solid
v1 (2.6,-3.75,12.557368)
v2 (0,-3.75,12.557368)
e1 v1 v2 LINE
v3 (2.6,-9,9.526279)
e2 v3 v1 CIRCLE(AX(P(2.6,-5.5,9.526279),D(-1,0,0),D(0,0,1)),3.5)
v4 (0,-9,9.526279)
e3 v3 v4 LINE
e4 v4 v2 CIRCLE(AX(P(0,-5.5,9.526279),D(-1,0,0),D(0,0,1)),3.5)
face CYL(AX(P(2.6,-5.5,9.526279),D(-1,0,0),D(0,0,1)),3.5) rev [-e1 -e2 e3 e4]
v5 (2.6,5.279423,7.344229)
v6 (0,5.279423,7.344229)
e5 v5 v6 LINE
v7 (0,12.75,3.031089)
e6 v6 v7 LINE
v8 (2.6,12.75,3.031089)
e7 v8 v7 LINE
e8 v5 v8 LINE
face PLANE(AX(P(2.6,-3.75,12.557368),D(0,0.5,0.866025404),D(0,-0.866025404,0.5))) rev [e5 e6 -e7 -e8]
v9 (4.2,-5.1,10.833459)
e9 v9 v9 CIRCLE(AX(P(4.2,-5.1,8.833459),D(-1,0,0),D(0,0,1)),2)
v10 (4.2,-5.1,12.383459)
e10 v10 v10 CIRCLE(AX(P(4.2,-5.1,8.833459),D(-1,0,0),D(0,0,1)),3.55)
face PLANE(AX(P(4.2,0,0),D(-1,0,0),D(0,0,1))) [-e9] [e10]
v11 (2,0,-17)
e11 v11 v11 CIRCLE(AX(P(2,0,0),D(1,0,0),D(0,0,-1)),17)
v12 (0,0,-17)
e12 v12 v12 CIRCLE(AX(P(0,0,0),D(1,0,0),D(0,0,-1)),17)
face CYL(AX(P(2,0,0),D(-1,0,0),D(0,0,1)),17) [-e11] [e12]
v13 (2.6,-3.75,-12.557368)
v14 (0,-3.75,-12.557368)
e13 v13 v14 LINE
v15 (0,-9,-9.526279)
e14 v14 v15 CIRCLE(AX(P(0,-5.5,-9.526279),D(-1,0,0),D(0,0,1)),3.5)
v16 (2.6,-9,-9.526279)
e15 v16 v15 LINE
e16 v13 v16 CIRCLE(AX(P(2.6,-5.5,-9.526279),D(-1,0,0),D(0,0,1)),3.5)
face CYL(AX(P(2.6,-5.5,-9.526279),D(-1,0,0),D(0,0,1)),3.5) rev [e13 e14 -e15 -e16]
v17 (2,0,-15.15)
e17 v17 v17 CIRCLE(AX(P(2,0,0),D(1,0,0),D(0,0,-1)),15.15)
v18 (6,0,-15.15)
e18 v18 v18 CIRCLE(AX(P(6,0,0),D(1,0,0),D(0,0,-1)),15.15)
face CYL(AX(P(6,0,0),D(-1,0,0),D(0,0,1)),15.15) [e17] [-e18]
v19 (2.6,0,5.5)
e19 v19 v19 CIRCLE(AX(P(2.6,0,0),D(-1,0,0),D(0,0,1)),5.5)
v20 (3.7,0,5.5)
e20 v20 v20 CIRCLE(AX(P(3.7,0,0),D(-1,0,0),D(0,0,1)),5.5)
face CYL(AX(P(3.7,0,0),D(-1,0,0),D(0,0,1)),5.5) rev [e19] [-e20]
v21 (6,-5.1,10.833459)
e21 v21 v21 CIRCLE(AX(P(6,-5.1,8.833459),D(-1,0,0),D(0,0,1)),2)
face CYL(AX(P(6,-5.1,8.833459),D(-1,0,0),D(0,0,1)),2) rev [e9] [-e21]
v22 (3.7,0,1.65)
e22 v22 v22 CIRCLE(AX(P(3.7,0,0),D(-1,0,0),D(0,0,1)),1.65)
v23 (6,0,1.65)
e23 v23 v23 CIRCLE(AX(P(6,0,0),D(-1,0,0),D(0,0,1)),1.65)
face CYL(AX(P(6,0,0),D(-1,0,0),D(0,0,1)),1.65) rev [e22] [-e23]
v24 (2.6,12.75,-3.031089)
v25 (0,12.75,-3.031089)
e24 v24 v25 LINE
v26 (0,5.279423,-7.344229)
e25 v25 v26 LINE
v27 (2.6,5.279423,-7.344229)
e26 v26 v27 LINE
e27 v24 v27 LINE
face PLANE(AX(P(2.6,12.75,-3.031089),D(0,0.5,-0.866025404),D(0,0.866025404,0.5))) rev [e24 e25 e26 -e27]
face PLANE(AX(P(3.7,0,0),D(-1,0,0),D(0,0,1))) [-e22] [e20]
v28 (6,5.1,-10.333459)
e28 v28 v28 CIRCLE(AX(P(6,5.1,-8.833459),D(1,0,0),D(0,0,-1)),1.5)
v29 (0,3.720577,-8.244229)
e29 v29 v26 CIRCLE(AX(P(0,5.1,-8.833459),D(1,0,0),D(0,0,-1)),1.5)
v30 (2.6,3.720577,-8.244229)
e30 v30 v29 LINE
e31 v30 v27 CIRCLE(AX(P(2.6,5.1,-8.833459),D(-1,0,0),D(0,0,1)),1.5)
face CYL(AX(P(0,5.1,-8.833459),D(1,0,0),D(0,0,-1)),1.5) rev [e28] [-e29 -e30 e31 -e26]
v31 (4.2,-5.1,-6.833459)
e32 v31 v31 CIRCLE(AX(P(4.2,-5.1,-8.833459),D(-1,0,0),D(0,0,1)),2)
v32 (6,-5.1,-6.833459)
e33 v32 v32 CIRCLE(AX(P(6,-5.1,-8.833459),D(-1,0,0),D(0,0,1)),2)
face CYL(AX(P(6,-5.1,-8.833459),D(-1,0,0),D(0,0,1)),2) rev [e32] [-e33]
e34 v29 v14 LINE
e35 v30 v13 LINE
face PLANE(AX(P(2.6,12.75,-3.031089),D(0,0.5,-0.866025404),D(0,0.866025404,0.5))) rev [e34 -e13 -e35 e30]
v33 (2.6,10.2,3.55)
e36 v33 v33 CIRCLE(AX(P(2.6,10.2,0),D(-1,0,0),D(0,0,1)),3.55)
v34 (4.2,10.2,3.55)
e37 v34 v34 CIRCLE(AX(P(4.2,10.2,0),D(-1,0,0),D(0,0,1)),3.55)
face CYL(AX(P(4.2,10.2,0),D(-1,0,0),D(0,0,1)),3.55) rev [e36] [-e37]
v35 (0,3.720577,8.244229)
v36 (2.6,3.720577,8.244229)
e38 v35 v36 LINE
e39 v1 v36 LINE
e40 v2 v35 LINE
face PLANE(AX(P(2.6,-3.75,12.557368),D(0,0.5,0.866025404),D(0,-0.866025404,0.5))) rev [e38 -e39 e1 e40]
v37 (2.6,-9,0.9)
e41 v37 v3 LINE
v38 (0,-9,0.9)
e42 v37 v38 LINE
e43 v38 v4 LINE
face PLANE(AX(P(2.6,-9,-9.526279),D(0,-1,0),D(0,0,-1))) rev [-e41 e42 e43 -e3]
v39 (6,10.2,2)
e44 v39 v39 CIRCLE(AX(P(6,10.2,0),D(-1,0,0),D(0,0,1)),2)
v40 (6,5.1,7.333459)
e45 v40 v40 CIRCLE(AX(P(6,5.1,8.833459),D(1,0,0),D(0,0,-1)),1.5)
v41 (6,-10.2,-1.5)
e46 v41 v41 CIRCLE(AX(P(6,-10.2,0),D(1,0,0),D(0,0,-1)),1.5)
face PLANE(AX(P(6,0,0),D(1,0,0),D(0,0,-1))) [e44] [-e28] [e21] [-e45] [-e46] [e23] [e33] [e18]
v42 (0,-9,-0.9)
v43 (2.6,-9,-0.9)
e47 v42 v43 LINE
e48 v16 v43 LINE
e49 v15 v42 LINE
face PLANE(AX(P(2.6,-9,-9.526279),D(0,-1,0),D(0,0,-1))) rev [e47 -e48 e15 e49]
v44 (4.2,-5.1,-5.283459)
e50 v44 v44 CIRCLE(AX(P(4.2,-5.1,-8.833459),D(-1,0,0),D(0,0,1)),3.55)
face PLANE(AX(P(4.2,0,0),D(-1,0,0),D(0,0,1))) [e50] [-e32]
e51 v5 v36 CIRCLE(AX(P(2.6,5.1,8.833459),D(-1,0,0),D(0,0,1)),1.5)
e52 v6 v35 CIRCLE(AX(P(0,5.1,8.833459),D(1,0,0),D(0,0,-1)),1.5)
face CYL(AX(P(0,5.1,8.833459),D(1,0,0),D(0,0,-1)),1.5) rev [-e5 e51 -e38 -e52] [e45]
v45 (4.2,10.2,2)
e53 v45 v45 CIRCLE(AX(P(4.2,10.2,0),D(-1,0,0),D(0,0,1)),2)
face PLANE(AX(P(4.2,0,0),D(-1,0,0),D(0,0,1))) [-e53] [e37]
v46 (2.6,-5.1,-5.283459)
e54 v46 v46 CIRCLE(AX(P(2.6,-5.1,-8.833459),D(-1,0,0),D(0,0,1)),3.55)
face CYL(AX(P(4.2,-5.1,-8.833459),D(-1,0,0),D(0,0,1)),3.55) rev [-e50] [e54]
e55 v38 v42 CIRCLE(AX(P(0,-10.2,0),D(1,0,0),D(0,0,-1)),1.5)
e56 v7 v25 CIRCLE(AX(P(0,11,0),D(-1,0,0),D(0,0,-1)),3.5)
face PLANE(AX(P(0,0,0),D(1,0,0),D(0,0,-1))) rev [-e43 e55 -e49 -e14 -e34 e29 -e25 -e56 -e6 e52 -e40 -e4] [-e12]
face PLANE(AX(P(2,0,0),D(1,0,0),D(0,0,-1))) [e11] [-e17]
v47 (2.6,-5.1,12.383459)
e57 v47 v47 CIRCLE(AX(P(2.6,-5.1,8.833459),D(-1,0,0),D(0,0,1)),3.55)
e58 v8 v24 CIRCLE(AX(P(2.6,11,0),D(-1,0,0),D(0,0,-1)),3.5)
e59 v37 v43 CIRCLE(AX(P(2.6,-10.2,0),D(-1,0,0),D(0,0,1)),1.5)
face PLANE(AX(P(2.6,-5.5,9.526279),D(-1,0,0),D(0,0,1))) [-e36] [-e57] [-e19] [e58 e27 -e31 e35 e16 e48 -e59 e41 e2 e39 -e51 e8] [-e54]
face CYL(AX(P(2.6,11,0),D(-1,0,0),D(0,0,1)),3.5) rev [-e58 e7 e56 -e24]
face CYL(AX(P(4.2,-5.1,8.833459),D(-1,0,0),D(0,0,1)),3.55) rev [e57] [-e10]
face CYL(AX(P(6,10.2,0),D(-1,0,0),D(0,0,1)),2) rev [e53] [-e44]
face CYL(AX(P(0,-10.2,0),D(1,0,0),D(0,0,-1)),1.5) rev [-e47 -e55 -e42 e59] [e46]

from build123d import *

# Parameters (mm, degrees)
SKETCH_4_R          = 17
EXTRUDE_2_DEPTH     = 2
SKETCH_5_R          = 15.15
EXTRUDE_3_DEPTH     = 4
CUT_EXTRUDE_1_DEPTH = 2.6
SKETCH_7_R          = 3.55
CUT_EXTRUDE_2_DEPTH = 1.6
SKETCH_8_R          = 2
CUT_EXTRUDE_3_DEPTH = 25.280856657
SKETCH_9_R          = 5.5
CUT_EXTRUDE_4_DEPTH = 1.1
SKETCH_11_R         = 1.65
CUT_EXTRUDE_5_DEPTH = 25.324678826
SKETCH_13_R         = 1.5
CUT_EXTRUDE_6_DEPTH = 25.779023387


with BuildPart() as part:
    # 草图4 → 凸台-拉伸2 (new body)
    with BuildSketch(Plane(origin=(0, 0, 0), x_dir=(0, 0, -1), z_dir=(1, 0, 0))):
        Circle(SKETCH_4_R)
    extrude(amount=EXTRUDE_2_DEPTH)

    # 草图5 → 凸台-拉伸3 (add)
    with BuildSketch(Plane(origin=(2, 0, 0), x_dir=(0, 0, -1), z_dir=(1, 0, 0))):
        Circle(SKETCH_5_R)
    extrude(amount=EXTRUDE_3_DEPTH)

    # 草图6 → 切除-拉伸1 (cut)
    with BuildSketch(Plane.ZY):
        with BuildLine():
            Line((-3.031088913, 12.75), (-12.557368355, -3.75))
            ThreePointArc((-12.557368355, -3.75), (-12.557368355, -7.25), (-9.526279442, -9))
            Line((-9.526279442, -9), (9.526279442, -9))
            ThreePointArc((9.526279442, -9), (12.557368355, -7.25), (12.557368355, -3.75))
            Line((12.557368355, -3.75), (3.031088913, 12.75))
            ThreePointArc((3.031088913, 12.75), (0, 14.5), (-3.031088913, 12.75))
        make_face()
    extrude(amount=-CUT_EXTRUDE_1_DEPTH, mode=Mode.SUBTRACT)

    # 草图7 → 切除-拉伸2 (cut)
    with BuildSketch(Plane.ZY.offset(-2.6)):
        with Locations((0, 10.2)):
            Circle(SKETCH_7_R)
        with Locations((8.833459119, -5.1)):
            Circle(SKETCH_7_R)
        with Locations((-8.833459119, -5.1)):
            Circle(SKETCH_7_R)
    extrude(amount=-CUT_EXTRUDE_2_DEPTH, mode=Mode.SUBTRACT)

    # 草图8 → 切除-拉伸3 (cut, through all)
    with BuildSketch(Plane.ZY.offset(-2.6)):
        with Locations((0, 10.2)):
            Circle(SKETCH_8_R)
        with Locations((8.833459119, -5.1)):
            Circle(SKETCH_8_R)
        with Locations((-8.833459119, -5.1)):
            Circle(SKETCH_8_R)
    extrude(amount=-CUT_EXTRUDE_3_DEPTH, mode=Mode.SUBTRACT)

    # 草图9 → 切除-拉伸4 (cut)
    with BuildSketch(Plane.ZY.offset(-2.6)):
        Circle(SKETCH_9_R)
    extrude(amount=-CUT_EXTRUDE_4_DEPTH, mode=Mode.SUBTRACT)

    # 草图11 → 切除-拉伸5 (cut, through all)
    with BuildSketch(Plane.ZY.offset(-3.7)):
        Circle(SKETCH_11_R)
    extrude(amount=-CUT_EXTRUDE_5_DEPTH, mode=Mode.SUBTRACT)

    # 草图13 → 切除-拉伸6 (cut, through all)
    with BuildSketch(Plane(origin=(6, 0, 0), x_dir=(0, 0, -1), z_dir=(1, 0, 0))):
        with Locations((-8.833459119, 5.1)):
            Circle(SKETCH_13_R)
        with Locations((8.833459119, 5.1)):
            Circle(SKETCH_13_R)
        with Locations((0, -10.2)):
            Circle(SKETCH_13_R)
    extrude(amount=-CUT_EXTRUDE_6_DEPTH, mode=Mode.SUBTRACT)


solid = part.part
